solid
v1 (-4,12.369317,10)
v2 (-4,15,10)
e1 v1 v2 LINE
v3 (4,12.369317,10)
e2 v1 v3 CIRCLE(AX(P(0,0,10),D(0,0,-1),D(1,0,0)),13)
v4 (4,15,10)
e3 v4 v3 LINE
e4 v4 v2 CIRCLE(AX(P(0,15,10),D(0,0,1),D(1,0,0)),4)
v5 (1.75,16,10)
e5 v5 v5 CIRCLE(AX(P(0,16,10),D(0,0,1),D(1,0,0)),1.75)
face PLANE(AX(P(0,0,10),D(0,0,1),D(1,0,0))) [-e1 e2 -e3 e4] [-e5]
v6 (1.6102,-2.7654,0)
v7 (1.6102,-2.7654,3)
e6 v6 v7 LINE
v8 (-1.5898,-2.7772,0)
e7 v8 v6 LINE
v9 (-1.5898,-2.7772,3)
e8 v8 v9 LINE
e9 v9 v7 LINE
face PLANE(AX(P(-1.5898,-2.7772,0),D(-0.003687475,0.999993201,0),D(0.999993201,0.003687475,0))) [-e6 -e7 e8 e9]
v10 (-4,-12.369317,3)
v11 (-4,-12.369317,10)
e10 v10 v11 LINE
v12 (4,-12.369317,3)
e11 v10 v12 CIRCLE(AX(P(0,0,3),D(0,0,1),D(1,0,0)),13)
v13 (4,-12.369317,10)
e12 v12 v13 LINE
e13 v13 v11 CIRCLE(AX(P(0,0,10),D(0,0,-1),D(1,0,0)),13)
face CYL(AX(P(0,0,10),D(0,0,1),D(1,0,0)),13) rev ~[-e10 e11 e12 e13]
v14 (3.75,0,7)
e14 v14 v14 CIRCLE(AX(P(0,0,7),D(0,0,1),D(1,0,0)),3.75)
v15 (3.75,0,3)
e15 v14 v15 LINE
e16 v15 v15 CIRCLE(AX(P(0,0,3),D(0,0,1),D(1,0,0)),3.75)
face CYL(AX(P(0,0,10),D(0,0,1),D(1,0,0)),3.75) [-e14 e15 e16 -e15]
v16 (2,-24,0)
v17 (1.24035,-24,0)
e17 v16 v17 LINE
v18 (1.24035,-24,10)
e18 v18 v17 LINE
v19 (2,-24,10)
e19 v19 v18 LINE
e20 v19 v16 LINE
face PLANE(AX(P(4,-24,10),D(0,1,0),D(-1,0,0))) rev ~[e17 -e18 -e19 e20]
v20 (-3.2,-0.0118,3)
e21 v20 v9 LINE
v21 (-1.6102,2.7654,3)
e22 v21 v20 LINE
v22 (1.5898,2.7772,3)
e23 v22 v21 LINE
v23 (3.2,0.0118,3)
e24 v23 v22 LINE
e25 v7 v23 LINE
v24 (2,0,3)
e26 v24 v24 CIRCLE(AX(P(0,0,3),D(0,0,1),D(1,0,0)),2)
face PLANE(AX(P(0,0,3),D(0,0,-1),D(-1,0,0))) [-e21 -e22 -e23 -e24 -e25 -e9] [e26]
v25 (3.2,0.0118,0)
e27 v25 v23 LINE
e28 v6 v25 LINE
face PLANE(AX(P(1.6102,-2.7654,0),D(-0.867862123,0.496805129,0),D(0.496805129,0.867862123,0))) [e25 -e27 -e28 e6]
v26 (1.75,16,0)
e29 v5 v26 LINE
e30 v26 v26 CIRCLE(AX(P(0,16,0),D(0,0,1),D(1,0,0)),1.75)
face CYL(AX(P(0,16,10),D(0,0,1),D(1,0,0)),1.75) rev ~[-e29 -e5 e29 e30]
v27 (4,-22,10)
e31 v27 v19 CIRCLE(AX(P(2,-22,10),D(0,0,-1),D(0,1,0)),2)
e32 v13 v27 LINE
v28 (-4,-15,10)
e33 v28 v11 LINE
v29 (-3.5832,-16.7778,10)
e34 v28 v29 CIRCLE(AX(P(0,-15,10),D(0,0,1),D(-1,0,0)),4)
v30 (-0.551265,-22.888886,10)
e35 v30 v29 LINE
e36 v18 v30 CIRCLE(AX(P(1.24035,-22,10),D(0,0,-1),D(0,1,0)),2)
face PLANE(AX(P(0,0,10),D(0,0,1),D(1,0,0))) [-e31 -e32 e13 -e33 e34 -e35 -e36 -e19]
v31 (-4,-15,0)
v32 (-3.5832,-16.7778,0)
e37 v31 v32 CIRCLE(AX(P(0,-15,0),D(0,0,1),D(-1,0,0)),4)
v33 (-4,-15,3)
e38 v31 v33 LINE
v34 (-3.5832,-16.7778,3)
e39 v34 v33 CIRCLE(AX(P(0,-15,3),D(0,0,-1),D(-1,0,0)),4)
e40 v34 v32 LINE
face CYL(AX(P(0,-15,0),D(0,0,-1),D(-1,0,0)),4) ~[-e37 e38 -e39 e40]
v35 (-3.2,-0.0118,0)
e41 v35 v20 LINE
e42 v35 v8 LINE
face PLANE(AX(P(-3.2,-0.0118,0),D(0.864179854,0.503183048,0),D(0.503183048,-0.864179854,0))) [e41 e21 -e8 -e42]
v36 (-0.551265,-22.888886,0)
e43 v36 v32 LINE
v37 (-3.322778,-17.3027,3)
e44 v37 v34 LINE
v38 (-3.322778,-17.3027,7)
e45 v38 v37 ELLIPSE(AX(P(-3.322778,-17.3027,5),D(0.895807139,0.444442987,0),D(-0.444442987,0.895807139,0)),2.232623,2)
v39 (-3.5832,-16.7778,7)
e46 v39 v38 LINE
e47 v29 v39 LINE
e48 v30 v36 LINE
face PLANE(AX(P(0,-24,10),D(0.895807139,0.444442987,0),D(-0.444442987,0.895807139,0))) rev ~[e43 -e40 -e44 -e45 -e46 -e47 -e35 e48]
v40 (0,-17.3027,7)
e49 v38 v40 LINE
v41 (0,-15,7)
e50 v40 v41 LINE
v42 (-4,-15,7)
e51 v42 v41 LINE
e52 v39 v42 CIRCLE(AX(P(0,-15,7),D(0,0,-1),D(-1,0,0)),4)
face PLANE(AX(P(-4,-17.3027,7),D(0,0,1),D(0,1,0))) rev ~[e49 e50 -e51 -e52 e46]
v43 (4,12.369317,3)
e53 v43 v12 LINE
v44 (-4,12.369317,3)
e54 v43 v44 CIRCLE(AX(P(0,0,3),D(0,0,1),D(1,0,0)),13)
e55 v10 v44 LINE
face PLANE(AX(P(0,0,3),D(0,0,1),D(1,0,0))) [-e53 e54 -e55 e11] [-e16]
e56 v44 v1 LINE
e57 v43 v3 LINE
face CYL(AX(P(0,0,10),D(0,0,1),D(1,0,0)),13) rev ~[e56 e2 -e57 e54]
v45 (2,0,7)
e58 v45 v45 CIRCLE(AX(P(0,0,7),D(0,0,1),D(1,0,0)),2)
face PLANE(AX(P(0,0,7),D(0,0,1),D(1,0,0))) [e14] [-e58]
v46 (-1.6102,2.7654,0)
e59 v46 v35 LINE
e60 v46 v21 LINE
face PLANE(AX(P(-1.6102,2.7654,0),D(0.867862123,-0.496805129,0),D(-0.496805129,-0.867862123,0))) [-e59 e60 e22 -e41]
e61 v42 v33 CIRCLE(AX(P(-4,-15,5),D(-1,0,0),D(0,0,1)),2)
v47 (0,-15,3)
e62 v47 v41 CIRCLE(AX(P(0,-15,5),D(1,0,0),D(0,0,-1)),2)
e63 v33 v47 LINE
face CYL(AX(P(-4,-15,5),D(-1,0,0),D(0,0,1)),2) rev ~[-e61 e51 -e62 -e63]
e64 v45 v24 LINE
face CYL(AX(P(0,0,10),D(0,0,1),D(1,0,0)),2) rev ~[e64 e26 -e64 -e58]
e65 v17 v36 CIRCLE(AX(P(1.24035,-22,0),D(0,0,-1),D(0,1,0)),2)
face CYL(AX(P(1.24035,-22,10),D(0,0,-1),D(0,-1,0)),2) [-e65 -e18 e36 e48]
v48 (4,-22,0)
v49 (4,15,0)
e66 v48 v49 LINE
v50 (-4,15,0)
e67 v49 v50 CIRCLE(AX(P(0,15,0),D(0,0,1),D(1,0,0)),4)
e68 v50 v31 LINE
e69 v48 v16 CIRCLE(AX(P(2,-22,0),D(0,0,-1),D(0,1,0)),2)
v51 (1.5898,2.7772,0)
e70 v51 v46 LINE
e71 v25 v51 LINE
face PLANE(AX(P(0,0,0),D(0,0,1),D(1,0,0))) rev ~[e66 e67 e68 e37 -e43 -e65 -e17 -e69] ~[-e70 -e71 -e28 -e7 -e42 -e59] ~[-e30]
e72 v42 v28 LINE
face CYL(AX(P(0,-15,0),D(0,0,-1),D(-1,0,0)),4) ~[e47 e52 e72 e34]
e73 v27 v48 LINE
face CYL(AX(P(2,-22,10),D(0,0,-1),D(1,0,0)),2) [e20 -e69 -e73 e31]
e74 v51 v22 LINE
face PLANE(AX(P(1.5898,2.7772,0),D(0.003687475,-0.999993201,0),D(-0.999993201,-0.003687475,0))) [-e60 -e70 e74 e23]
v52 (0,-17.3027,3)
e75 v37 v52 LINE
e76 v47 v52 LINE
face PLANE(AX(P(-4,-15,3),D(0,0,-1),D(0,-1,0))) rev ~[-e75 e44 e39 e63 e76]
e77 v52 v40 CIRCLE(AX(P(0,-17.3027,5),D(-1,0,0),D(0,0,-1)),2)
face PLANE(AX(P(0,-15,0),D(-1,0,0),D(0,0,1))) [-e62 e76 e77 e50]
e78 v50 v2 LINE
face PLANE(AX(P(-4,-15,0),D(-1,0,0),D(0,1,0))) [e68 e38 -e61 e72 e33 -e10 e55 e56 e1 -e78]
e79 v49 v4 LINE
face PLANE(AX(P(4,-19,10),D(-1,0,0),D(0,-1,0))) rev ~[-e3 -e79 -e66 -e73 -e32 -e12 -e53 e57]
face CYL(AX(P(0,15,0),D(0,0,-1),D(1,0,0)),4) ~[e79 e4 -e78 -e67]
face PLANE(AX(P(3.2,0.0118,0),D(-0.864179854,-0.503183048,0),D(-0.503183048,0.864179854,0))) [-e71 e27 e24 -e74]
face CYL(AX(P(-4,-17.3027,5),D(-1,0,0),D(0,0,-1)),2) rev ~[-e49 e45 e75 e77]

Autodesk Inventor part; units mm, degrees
ref_plane "YZ Plane" through (0, 0, 0) normal (1, 0, 0) x (0, 1, 0)
ref_plane "XZ Plane" through (0, 0, 0) normal (0, 1, 0) x (-1, 0, 0)
ref_plane "XY Plane" through (0, 0, 0) normal (0, 0, 1) x (1, 0, 0)
sketch "Sketch1" plane through (0, 0, 0) normal (0, 0, 1) x (1, 0, 0)
  line L0 (0, -15) -> (0, 15) construction
  line L1 (-4, -15) -> (-4, 15)
  line L2 (4, 15) -> (4, -15)
  arc A0 (-4, -15) -> (0, -19) centre (0, -15) ccw
  arc A1 (4, 15) -> (-4, 15) centre (0, 15) ccw
  line L3 (4, -15) -> (0, -15)
  line L4 (-4, -11) -> (-4, -19)
  line L5 (-4, -19) -> (4, -19)
  line L6 (4, -19) -> (4, -15)
  point P0 (0, 0)
  point P1 (0, 0)
  dimension "d0" = 4
  dimension "d17" = 30
extrude "Extrusion1" add sketch "Sketch1" along normal blind 10 contours L1 A1 L2 L6 L5 A0
sketch "Sketch2" plane through (0, 0, 10) normal (0, 0, 1) x (1, 0, 0)
  line L0 (-4, 15) -> (-4, -15) projected
  arc A0 (-4, -15) -> (0, -19) centre (0, -15) ccw projected
  line L1 (4, -19) -> (4, 15) projected
  arc A1 (4, 15) -> (-4, 15) centre (0, 15) ccw projected
  circle A2 centre (0, 0) radius 13
  circle A3 centre (0, 0) radius 3.75
  line L2 (0, -19) -> (4, -19) projected
  dimension "d3" = 26
  dimension "d4" = 7.5
extrude "Extrusion2" cut sketch "Sketch2" against normal blind 7 contours A2 L1 L0 | L0 A2 | A2 L1
sketch "Sketch3" plane through (0, 0, 10) normal (0, 0, 1) x (1, 0, 0)
  circle A0 centre (0, 0) radius 3.75 projected
  circle A1 centre (0, 0) radius 2
  line L0 (-4, -12.3693) -> (-4, -15) projected
  line L1 (4, 12.3693) -> (4, 15) projected
  arc A2 (4, 12.3693) -> (-4, 12.3693) centre (0, 0) ccw projected
  arc A3 (4, 15) -> (-4, 15) centre (0, 15) ccw projected
  arc A4 (-4, -12.3693) -> (4, -12.3693) centre (0, 0) ccw projected
  arc A5 (-4, -15) -> (0, -19) centre (0, -15) ccw projected
  line L2 (0, -19) -> (4, -19) projected
  line L3 (-4, 15) -> (-4, 12.3693) projected
  line L4 (4, -19) -> (4, -12.3693) projected
  dimension "d7" = 4
extrude "Extrusion3" cut sketch "Sketch3" against normal through all contours A1
sketch "Sketch4" plane through (0, 0, 0) normal (0, 0, -1) x (-1, 0, 0)
  circle A0 centre (0, 0) radius 2 projected
  line L0 (4, -15) -> (4, 15) projected
  arc A1 (4, 15) -> (-4, 15) centre (0, 15) ccw projected
  line L1 (-4, 15) -> (-4, -19) projected
  arc A2 (0, -19) -> (4, -15) centre (0, -15) ccw projected
  circle A3 centre (0, 0) radius 2 projected
  line L2 (1.5898, -2.7772) -> (-1.6102, -2.7654)
  line L3 (-1.6102, -2.7654) -> (-3.2, 0.0118)
  line L4 (-3.2, 0.0118) -> (-1.5898, 2.7772)
  line L5 (-1.5898, 2.7772) -> (1.6102, 2.7654)
  line L6 (1.6102, 2.7654) -> (3.2, -0.0118)
  line L7 (3.2, -0.0118) -> (1.5898, -2.7772)
  circle A4 centre (0, 0) radius 3.2
  line L8 (-4, -19) -> (0, -19) projected
  dimension "d10" = 6.4
extrude "Extrusion4" cut sketch "Sketch4" against normal blind 3 contours L2 L3 L4 L5 L6 L7
sketch "Sketch8" plane through (0, 0, 10) normal (0, 0, 1) x (1, 0, 0)
  arc A0 (4, 12.3693) -> (-4, 12.3693) centre (0, 0) ccw projected
  line L0 (4, 12.3693) -> (4, 15) projected
  arc A1 (4, 15) -> (-4, 15) centre (0, 15) ccw projected
  line L1 (-4, 15) -> (-4, 12.3693) projected
  circle A2 centre (0, 16) radius 1.75
  dimension "d28" = 3.5
  dimension "d40" = 1
  dimension "d41" = 5.402
extrude "Extrusion8" cut sketch "Sketch8" against normal through all contours A2
sketch "Sketch10" plane through (0, 0, 10) normal (0, 0, 1) x (1, 0, 0)
  circle A0 centre (0, 0) radius 2 projected
  circle A1 centre (0, 0) radius 2 projected
  circle A2 centre (0, 0) radius 3.75 projected
extrude "Extrusion10" cut sketch "Sketch10" against normal blind 3
sketch "Sketch12" plane through (0, 0, 10) normal (0, 0, 1) x (1, 0, 0)
  arc A0 (-4, -12.3693) -> (4, -12.3693) centre (0, 0) ccw projected
  line L0 (-4, -12.3693) -> (-4, -15) projected
  arc A1 (-4, -15) -> (0, -19) centre (0, -15) ccw projected
  line L1 (0, -19) -> (4, -19) projected
  line L2 (4, -19) -> (4, -12.3693) projected
  line L3 (4, -19) -> (4, -24)
  line L4 (4, -24) -> (0, -24)
  line L5 (0, -24) -> (-3.5832, -16.7778)
  arc A2 (-4, -15) -> (0, -19) centre (0, -15) ccw projected
  arc A3 (-4, -15) -> (0, -19) centre (0, -15) ccw projected
  line L6 (0, -19) -> (4, -19) projected
  dimension "d42" = 5
extrude "Extrusion11" add sketch "Sketch12" against normal up to surface (10 mm away) from surface at 0 contours L3 L4 L5 A1 L1
sketch "Sketch9" plane through (-4, -15, 0) normal (-1, 0, 0) x (0, 0, 1)
  line L0 (0, 0) -> (10, 0) projected
  line L1 (5, 0) -> (5, -2.3027) construction
  line L2 (3, 0) -> (3, -2.3027)
  line L3 (7, -2.3027) -> (7, 0)
  arc A0 (7, 0) -> (3, 0) centre (5, 0) ccw
  arc A1 (3, -2.3027) -> (7, -2.3027) centre (5, -2.3027) ccw
  line L4 (3, 2.6307) -> (3, 27.3693) projected
  point P0 (0, 15)
  point P1 (5, -1.1513)
  dimension "d31" = 4
  dimension "d34" = 2
  dimension "d45" = 1.1514
extrude "Extrusion9" cut sketch "Sketch9" against normal blind 4
fillet "Fillet4" radius 2 2 edges at (0, -24, 5) (4, -24, 5)
properties part number "rodamiento0.3"
